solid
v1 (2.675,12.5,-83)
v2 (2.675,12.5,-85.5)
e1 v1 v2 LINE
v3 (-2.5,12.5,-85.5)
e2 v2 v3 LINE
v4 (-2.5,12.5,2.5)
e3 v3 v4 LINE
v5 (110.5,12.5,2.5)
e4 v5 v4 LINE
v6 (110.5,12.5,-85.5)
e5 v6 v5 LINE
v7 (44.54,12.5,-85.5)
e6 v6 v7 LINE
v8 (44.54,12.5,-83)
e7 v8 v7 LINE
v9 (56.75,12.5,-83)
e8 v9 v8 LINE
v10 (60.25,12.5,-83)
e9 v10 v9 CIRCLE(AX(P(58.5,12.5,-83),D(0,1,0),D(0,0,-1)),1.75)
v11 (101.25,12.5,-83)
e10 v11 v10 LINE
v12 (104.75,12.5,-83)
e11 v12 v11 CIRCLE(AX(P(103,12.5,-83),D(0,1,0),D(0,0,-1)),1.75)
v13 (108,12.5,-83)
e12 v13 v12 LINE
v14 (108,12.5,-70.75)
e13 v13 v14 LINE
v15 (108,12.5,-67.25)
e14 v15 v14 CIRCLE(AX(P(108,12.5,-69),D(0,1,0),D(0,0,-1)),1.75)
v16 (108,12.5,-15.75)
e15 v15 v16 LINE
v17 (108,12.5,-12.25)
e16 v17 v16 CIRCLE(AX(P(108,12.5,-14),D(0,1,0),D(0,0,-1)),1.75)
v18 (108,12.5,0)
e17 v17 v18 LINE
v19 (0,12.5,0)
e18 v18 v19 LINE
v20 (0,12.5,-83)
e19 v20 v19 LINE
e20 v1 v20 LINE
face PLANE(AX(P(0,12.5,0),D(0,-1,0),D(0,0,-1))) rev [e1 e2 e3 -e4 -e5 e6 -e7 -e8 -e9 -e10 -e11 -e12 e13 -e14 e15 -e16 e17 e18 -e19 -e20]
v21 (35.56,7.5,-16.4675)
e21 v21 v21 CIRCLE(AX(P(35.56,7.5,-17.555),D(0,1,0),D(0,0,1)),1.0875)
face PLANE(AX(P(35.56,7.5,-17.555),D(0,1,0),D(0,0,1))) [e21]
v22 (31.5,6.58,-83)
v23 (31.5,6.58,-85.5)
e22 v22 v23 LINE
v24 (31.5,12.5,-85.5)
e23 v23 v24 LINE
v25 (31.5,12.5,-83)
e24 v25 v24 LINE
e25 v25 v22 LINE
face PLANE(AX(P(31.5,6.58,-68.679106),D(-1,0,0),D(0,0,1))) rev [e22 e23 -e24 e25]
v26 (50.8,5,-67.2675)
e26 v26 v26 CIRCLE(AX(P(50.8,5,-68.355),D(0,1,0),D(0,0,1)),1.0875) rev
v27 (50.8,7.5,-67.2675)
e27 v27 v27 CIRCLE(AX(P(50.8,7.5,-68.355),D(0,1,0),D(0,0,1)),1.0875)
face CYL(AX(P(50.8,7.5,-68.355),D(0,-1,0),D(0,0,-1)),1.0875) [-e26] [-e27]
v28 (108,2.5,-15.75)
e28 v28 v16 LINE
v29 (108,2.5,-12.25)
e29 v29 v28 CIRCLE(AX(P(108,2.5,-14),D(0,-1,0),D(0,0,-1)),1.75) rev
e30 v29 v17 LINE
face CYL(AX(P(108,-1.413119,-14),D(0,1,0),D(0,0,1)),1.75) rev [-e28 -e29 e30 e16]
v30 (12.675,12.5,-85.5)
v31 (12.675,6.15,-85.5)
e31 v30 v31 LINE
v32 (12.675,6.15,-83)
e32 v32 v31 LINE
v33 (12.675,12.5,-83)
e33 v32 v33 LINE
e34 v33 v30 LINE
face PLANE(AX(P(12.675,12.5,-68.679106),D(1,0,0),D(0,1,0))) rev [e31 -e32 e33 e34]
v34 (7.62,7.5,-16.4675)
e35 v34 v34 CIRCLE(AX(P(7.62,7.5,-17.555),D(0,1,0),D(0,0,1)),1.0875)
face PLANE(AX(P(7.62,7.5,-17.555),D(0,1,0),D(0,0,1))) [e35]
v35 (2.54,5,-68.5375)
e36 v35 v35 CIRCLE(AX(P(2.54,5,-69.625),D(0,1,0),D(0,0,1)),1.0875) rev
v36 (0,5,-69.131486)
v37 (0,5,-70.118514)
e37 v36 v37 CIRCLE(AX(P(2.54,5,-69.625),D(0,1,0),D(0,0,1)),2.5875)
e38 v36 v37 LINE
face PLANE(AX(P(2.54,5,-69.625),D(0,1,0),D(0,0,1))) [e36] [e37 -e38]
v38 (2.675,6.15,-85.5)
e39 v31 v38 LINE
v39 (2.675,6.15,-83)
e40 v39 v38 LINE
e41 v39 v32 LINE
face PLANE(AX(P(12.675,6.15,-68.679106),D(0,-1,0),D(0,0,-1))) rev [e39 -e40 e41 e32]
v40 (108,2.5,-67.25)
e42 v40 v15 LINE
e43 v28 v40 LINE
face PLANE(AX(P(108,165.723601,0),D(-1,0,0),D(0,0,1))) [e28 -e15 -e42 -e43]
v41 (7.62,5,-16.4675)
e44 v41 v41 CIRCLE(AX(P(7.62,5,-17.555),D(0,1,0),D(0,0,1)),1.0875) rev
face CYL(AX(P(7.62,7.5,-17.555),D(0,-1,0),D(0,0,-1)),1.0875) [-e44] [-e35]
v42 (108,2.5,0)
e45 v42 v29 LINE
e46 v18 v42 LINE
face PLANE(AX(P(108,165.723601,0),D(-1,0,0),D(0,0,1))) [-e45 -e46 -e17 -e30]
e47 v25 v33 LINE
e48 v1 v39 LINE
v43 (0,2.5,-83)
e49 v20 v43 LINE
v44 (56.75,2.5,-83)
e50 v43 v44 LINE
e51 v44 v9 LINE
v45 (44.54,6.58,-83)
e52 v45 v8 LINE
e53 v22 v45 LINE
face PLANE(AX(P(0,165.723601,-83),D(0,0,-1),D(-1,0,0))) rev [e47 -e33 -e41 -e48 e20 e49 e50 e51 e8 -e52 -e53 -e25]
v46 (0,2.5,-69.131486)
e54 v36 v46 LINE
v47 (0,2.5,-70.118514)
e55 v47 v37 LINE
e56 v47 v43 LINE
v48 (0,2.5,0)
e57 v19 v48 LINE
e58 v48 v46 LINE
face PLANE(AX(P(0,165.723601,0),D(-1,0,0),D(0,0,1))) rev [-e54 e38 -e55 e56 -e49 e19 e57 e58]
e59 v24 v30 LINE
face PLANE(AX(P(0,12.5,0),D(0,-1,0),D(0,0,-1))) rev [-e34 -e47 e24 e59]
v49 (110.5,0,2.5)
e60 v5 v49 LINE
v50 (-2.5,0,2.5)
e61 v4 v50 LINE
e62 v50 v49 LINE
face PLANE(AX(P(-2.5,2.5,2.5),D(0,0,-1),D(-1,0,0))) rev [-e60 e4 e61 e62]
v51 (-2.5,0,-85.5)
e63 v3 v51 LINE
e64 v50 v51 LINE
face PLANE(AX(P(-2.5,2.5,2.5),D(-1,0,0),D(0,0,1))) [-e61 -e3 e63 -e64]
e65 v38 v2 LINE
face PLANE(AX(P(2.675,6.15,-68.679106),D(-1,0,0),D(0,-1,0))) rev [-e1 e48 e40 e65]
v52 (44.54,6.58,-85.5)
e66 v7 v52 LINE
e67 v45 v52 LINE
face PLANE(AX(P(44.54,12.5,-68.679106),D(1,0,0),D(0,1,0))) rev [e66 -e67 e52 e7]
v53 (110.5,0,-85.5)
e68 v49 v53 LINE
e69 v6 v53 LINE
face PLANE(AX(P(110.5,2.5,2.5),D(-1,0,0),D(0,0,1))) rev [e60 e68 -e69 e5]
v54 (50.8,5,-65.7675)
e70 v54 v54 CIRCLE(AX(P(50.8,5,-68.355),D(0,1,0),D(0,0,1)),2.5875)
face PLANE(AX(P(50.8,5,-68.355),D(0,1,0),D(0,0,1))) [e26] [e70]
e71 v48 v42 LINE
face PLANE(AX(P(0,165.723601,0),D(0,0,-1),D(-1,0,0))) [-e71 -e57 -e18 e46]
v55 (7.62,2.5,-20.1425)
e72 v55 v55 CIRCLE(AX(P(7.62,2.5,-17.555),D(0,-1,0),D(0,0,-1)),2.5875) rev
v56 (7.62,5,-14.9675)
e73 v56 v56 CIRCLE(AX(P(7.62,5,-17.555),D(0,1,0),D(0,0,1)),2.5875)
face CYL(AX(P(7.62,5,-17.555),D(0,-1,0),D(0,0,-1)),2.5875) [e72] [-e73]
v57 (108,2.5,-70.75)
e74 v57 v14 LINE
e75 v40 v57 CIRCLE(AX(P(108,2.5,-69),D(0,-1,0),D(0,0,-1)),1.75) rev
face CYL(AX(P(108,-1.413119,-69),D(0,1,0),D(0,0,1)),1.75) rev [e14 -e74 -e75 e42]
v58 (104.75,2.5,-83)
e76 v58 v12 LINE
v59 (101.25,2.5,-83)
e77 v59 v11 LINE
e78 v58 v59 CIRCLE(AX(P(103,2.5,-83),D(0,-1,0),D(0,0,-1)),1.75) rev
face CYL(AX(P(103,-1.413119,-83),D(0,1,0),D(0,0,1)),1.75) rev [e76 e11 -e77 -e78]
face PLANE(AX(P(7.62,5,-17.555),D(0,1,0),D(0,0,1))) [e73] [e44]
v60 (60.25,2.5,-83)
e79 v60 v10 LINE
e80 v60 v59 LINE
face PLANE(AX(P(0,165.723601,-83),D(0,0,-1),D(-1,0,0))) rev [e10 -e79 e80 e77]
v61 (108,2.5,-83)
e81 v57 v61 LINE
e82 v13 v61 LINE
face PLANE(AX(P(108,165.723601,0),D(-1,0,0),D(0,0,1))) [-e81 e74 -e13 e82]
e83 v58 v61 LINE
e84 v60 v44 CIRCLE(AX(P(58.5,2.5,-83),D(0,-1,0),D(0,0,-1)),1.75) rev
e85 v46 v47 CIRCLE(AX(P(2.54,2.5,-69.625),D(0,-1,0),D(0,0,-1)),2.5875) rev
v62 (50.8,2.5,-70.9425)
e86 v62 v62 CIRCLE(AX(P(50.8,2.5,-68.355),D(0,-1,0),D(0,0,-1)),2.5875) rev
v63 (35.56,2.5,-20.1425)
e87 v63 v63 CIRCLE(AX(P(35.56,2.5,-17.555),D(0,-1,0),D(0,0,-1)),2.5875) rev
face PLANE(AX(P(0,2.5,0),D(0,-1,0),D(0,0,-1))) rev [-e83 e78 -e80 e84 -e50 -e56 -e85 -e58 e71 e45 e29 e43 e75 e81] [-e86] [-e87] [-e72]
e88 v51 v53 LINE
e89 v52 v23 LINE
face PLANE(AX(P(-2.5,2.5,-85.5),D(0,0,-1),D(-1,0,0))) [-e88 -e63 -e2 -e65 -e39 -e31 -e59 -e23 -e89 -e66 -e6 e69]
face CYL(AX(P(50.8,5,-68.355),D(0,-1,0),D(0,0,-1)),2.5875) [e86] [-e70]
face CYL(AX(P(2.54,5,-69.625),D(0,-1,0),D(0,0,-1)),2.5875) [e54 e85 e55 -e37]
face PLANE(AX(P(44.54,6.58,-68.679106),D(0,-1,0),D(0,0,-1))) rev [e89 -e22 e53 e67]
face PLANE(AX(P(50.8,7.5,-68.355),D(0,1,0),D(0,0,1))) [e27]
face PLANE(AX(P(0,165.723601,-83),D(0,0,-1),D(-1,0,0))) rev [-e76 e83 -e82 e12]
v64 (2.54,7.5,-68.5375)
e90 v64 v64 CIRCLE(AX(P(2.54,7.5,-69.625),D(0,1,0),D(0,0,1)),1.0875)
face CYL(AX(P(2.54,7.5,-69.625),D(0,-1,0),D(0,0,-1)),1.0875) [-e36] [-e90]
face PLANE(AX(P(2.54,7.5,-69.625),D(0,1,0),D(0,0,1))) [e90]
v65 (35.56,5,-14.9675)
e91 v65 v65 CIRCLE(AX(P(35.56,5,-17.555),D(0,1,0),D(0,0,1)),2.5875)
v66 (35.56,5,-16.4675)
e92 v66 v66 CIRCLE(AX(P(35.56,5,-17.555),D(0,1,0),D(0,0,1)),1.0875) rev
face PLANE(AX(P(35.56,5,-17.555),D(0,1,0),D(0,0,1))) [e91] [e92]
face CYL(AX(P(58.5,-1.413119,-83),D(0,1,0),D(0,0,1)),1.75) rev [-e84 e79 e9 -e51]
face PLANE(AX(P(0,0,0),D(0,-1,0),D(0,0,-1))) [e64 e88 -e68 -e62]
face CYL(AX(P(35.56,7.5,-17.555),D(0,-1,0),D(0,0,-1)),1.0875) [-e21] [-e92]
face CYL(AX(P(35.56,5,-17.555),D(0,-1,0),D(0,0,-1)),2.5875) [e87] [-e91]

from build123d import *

# Parameters (mm, degrees)
SKETCH1_W           = 113
SKETCH1_H           = 88
BOSS_EXTRUDE1_DEPTH = 2.5
SKETCH1_3_W         = 113
SKETCH1_3_H         = 88
SKETCH1_3_W_2       = 108
SKETCH1_3_H_2       = 83
BOSS_EXTRUDE2_DEPTH = 12.5
CUT_EXTRUDE4_REACH  = 90
SKETCH2_W           = 13.04
SKETCH2_H           = 5.92
SKETCH2_W_2         = 10
SKETCH2_H_2         = 6.35
SKETCH4_R           = 2.5875
BOSS_EXTRUDE5_DEPTH = 2.5
SKETCH4_4_R         = 1.0875
BOSS_EXTRUDE6_DEPTH = 5
CUT_EXTRUDE5_START  = -10
CUT_EXTRUDE5_DEPTH  = 10


with BuildPart() as part:
    # Sketch1 → Boss-Extrude1 (new body)
    with BuildSketch(Plane(origin=(0, 0, 0), x_dir=(1, 0, 0), z_dir=(0, 1, 0))):
        with Locations((54, 41.5)):
            Rectangle(SKETCH1_W, SKETCH1_H)
    extrude(amount=BOSS_EXTRUDE1_DEPTH)

    # Sketch1<3> → Boss-Extrude2 (add)
    with BuildSketch(Plane(origin=(0, 0, 0), x_dir=(1, 0, 0), z_dir=(0, 1, 0))):
        with Locations((54, 41.5)):
            Rectangle(SKETCH1_3_W, SKETCH1_3_H)
        with Locations((54, 41.5)):
            Rectangle(SKETCH1_3_W_2, SKETCH1_3_H_2, mode=Mode.SUBTRACT)
    extrude(amount=BOSS_EXTRUDE2_DEPTH)

    # Sketch2 → Cut-Extrude4 (cut, up to next)
    with BuildSketch(Plane(origin=(0, 0, -85.5), x_dir=(-1, 0, 0), z_dir=(0, 0, -1)), mode=Mode.PRIVATE) as cut_extrude4_sk1:
        with Locations((-38.02, 9.54)):
            Rectangle(SKETCH2_W, SKETCH2_H)
    cut_extrude4_tool1 = extrude(cut_extrude4_sk1.sketch, amount=-CUT_EXTRUDE4_REACH, mode=Mode.PRIVATE) & part.part
    add(cut_extrude4_tool1.solids().sort_by_distance((38.02, 9.54, -85.5))[0], mode=Mode.SUBTRACT)
    # Sketch2 → Cut-Extrude4 (cut, up to next)
    with BuildSketch(Plane(origin=(0, 0, -85.5), x_dir=(-1, 0, 0), z_dir=(0, 0, -1)), mode=Mode.PRIVATE) as cut_extrude4_sk2:
        with Locations((-7.675, 9.325)):
            Rectangle(SKETCH2_W_2, SKETCH2_H_2)
    cut_extrude4_tool2 = extrude(cut_extrude4_sk2.sketch, amount=-CUT_EXTRUDE4_REACH, mode=Mode.PRIVATE) & part.part
    add(cut_extrude4_tool2.solids().sort_by_distance((7.675, 9.325, -85.5))[0], mode=Mode.SUBTRACT)

    # Sketch4 → Boss-Extrude5 (add)
    with BuildSketch(Plane(origin=(0, 2.5, 0), x_dir=(1, 0, 0), z_dir=(0, 1, 0))):
        with Locations((2.54, 69.625)):
            Circle(SKETCH4_R)
        with Locations((50.8, 68.355)):
            Circle(SKETCH4_R)
        with Locations((7.62, 17.555)):
            Circle(SKETCH4_R)
        with Locations((35.56, 17.555)):
            Circle(SKETCH4_R)
    extrude(amount=BOSS_EXTRUDE5_DEPTH)

    # Sketch4<4> → Boss-Extrude6 (add)
    with BuildSketch(Plane(origin=(0, 2.5, 0), x_dir=(1, 0, 0), z_dir=(0, 1, 0))):
        with Locations((2.54, 69.625)):
            Circle(SKETCH4_4_R)
        with Locations((50.8, 68.355)):
            Circle(SKETCH4_4_R)
        with Locations((7.62, 17.555)):
            Circle(SKETCH4_4_R)
        with Locations((35.56, 17.555)):
            Circle(SKETCH4_4_R)
    extrude(amount=BOSS_EXTRUDE6_DEPTH)

    # Sketch5 → Cut-Extrude5 (cut)
    with BuildSketch(Plane(origin=(0, 12.5, 0), x_dir=(1, 0, 0), z_dir=(0, 1, 0)).offset(CUT_EXTRUDE5_START)):
        with BuildLine():
            Line((101.25, 83), (104.75, 83))
            ThreePointArc((104.75, 83), (103, 84.75), (101.25, 83))
        make_face()
        with BuildLine():
            Line((56.75, 83), (60.25, 83))
            ThreePointArc((60.25, 83), (58.5, 84.75), (56.75, 83))
        make_face()
        with BuildLine():
            Line((108, 70.75), (108, 67.25))
            ThreePointArc((108, 67.25), (109.75, 69), (108, 70.75))
        make_face()
        with BuildLine():
            Line((108, 15.75), (108, 12.25))
            ThreePointArc((108, 12.25), (109.75, 14), (108, 15.75))
        make_face()
    extrude(amount=CUT_EXTRUDE5_DEPTH, mode=Mode.SUBTRACT)


solid = part.part
